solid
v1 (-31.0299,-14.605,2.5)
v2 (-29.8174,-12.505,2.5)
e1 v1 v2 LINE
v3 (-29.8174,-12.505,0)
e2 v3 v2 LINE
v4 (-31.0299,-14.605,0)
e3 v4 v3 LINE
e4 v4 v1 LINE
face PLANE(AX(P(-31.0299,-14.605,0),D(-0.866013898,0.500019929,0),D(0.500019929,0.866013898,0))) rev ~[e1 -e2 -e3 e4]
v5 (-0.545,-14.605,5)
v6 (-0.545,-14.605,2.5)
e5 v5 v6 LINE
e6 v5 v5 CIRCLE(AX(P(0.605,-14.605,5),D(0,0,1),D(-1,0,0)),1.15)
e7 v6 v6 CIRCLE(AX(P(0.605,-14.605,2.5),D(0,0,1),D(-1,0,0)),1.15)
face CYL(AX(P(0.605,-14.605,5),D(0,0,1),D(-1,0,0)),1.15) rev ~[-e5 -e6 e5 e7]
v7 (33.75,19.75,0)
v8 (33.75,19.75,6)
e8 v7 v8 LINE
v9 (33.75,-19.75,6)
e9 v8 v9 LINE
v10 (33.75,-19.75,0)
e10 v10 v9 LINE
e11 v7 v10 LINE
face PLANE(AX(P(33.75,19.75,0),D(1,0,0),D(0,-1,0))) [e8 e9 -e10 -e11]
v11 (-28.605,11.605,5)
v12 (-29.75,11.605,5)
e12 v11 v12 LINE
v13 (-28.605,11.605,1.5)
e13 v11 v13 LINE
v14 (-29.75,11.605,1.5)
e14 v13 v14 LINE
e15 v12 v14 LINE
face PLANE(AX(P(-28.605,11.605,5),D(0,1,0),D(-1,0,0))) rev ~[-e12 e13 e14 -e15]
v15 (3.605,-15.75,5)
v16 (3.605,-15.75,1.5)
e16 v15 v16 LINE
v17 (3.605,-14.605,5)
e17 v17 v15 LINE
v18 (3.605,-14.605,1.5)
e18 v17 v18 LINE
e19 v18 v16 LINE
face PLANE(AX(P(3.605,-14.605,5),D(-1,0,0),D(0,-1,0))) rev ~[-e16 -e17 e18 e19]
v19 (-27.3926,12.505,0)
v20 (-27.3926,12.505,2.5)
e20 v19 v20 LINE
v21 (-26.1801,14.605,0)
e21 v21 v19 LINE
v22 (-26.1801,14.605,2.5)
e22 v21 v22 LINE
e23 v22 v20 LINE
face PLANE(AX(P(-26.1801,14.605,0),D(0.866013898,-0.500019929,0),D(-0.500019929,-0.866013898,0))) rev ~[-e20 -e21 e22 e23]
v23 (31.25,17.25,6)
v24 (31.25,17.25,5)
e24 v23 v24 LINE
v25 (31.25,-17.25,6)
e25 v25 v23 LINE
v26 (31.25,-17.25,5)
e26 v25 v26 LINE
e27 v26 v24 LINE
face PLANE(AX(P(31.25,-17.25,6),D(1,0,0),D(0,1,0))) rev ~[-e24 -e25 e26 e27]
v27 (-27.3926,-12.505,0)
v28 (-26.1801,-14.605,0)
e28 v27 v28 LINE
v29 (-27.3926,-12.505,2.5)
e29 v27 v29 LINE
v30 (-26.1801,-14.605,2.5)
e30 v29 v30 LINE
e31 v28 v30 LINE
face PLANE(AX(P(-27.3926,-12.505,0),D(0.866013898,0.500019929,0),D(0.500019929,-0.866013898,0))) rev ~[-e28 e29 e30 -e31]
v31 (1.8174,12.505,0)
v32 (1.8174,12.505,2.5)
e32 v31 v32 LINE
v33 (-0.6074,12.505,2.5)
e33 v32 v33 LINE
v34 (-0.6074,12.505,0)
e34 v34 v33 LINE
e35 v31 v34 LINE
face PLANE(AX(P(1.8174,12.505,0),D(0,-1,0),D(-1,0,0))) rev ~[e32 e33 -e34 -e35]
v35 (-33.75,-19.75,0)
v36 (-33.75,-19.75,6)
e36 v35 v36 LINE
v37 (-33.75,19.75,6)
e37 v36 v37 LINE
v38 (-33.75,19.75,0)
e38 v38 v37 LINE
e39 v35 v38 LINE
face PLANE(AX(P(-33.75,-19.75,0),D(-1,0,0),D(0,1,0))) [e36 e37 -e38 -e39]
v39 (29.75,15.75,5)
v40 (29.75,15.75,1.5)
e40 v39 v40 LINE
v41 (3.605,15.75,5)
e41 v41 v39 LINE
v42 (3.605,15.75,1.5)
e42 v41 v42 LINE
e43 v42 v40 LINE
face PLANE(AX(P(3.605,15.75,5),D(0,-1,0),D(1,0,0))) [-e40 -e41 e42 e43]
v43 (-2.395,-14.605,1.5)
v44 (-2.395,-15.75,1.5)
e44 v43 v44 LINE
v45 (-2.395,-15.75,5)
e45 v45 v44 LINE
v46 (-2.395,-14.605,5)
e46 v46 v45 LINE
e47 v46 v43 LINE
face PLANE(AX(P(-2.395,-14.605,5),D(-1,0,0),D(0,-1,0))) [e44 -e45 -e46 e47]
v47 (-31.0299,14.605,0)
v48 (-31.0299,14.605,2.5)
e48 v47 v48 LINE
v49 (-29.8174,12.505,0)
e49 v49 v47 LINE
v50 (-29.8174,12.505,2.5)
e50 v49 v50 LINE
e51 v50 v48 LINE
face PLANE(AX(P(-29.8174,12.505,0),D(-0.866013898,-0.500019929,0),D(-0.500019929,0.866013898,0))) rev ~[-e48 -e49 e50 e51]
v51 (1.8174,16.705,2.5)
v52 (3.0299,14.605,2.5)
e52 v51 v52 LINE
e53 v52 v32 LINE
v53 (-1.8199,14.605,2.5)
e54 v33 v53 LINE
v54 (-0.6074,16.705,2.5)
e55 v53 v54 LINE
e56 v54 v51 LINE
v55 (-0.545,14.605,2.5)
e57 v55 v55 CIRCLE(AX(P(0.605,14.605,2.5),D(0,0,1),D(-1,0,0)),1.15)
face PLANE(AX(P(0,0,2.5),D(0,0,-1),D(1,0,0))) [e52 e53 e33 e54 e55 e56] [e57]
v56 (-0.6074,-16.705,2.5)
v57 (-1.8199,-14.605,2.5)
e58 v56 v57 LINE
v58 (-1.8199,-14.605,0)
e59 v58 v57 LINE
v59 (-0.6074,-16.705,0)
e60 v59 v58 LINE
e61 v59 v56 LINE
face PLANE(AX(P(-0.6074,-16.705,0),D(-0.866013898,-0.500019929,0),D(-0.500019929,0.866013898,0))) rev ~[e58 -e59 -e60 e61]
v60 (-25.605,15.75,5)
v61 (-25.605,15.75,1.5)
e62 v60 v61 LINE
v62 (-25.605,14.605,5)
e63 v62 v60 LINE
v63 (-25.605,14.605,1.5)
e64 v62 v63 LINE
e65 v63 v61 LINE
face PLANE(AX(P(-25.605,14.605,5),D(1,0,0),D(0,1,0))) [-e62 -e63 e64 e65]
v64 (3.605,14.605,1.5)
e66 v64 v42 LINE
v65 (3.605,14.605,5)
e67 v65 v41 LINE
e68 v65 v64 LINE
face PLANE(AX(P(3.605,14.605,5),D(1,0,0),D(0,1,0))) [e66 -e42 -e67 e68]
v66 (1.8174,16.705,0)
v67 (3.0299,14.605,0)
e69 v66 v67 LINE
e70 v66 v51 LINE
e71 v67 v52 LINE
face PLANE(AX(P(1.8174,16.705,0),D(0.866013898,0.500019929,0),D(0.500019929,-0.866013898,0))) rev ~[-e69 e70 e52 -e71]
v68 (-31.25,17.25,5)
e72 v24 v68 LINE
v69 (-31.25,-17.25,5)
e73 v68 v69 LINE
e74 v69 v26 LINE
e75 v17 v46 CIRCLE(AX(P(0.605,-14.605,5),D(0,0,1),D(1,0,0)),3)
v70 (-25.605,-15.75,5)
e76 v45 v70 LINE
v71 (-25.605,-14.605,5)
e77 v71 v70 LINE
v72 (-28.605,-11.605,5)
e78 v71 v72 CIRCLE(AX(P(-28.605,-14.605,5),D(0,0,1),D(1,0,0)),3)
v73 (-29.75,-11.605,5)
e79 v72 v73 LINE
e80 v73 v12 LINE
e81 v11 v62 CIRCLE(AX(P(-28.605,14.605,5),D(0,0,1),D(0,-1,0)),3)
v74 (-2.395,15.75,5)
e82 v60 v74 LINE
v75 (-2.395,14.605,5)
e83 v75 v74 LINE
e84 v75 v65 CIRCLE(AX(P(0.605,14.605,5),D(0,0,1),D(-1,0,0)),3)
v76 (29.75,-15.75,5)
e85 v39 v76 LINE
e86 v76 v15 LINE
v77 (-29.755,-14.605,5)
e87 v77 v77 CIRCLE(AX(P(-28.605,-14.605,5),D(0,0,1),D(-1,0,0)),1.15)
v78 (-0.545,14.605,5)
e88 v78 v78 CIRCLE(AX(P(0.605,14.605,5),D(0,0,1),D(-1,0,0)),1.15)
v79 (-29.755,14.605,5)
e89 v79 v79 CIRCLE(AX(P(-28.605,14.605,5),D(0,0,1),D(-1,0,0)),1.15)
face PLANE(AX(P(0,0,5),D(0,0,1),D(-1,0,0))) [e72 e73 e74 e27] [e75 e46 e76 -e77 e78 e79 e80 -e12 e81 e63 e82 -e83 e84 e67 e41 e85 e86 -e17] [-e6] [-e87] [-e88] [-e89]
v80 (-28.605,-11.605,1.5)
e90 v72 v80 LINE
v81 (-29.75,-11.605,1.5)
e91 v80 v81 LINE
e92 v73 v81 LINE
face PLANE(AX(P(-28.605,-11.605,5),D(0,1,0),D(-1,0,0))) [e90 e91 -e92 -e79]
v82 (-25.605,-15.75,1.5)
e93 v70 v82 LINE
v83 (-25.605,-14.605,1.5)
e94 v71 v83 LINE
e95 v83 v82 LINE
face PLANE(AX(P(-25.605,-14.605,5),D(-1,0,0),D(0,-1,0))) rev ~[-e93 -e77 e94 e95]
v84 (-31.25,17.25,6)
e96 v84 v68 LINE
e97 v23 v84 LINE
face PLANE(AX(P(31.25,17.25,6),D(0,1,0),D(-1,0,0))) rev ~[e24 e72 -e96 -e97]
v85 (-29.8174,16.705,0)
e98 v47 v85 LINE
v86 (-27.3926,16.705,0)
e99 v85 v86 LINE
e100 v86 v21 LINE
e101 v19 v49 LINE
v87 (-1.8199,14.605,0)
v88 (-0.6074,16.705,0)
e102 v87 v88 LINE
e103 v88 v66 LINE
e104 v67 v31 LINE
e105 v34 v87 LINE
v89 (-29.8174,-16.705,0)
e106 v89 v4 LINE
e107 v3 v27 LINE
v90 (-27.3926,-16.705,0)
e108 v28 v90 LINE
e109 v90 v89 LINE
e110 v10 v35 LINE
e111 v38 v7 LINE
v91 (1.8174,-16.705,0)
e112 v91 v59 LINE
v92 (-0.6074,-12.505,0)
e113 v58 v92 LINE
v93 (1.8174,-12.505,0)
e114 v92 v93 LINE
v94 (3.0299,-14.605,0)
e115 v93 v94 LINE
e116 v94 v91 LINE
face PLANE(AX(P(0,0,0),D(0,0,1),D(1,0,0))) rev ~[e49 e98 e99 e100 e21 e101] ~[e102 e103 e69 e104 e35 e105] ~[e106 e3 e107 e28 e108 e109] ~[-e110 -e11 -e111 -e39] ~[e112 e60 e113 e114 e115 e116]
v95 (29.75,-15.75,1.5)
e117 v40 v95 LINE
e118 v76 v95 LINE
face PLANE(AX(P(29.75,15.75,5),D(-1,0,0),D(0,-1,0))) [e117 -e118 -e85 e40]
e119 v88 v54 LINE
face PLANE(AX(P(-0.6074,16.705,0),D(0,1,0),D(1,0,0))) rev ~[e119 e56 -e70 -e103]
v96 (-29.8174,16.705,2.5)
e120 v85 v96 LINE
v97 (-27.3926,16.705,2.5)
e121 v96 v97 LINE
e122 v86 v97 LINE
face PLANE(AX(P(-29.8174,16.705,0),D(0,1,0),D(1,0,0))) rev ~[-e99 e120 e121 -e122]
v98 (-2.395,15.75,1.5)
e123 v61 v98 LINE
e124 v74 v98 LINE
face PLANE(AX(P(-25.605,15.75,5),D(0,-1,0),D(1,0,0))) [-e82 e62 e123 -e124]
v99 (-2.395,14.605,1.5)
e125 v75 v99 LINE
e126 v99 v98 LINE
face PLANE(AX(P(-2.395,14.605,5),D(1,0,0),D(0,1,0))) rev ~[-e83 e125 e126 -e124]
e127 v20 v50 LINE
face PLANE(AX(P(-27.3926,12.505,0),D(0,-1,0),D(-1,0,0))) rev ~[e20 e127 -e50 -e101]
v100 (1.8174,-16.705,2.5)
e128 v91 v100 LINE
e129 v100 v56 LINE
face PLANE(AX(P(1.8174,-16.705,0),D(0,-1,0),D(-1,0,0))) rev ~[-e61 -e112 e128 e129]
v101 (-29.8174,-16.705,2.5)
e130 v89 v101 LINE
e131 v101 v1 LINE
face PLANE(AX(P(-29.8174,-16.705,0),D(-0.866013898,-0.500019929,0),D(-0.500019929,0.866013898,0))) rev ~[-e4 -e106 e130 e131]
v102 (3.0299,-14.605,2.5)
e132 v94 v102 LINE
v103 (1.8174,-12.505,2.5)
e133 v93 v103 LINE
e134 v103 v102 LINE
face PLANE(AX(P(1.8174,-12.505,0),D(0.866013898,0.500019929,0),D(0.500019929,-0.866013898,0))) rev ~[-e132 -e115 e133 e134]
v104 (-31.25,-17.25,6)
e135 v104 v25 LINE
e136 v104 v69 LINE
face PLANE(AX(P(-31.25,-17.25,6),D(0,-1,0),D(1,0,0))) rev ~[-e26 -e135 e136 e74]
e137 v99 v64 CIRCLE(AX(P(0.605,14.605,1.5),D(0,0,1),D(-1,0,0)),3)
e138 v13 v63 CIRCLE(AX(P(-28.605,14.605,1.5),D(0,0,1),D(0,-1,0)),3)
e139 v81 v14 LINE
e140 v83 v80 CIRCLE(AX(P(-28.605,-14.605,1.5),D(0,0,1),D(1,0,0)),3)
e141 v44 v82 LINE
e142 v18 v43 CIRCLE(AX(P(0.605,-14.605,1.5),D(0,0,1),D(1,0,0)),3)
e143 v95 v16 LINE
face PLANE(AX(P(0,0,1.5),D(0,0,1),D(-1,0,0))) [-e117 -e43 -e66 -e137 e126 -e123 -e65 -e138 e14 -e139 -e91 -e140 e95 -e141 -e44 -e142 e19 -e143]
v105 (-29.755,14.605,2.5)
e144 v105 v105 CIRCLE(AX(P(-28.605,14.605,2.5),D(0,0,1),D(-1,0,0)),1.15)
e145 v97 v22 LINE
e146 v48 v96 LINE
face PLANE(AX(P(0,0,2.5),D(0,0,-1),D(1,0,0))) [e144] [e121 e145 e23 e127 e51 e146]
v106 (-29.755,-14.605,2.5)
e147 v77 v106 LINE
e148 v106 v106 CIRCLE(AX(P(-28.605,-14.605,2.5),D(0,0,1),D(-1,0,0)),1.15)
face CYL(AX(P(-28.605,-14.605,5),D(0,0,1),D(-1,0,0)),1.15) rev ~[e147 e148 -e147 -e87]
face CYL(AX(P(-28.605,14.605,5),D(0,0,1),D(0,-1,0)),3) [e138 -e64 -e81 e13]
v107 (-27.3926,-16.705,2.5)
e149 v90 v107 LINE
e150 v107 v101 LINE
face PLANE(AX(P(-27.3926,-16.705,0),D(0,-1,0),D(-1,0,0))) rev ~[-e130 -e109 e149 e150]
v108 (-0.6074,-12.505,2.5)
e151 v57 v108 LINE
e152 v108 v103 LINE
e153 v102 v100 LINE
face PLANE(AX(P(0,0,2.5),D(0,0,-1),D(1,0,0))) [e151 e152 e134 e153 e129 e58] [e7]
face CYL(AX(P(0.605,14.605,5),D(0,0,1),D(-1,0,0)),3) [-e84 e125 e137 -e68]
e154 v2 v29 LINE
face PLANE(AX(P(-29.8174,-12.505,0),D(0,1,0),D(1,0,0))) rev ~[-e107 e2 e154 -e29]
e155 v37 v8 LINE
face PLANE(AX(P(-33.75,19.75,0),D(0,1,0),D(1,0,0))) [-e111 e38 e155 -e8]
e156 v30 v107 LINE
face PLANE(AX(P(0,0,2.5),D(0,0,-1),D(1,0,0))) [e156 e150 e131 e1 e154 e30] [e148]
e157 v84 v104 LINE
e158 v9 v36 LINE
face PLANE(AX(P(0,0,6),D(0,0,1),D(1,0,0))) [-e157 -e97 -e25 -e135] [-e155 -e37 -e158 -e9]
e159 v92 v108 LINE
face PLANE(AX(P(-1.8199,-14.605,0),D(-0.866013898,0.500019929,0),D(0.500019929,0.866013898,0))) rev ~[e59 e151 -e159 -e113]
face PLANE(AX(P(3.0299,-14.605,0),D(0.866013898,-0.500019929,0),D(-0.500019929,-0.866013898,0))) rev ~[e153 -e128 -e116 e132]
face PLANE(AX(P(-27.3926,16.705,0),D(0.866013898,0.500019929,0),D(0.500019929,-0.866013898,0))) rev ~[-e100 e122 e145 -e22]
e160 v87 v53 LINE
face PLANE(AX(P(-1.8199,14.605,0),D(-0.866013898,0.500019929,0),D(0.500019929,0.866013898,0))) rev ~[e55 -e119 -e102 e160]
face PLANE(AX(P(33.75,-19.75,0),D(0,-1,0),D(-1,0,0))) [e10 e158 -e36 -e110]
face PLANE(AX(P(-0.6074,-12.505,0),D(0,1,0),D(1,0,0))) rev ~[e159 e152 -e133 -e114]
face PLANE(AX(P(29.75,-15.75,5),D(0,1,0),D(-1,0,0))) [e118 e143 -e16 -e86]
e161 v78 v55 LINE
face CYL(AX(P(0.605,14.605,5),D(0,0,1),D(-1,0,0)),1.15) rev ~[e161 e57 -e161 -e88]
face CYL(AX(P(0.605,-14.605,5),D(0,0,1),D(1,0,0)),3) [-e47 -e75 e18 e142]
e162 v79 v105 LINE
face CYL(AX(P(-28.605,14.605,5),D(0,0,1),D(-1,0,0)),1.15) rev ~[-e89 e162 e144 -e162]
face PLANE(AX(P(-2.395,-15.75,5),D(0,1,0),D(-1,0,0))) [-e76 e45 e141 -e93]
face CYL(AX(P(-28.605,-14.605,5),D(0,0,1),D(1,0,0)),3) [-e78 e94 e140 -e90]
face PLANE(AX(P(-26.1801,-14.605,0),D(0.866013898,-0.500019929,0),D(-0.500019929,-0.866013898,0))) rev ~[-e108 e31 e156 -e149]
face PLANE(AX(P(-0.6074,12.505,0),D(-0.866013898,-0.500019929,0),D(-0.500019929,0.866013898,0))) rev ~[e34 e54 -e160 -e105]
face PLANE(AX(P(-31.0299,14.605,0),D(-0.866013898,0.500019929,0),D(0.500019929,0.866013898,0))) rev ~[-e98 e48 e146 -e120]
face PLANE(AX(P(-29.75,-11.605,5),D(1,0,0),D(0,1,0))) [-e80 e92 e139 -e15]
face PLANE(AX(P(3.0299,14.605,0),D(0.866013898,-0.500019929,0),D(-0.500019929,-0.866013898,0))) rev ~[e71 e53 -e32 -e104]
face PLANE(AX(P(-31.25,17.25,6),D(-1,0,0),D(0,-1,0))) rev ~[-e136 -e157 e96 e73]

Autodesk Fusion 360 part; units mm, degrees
sketch "Skizze1" plane through (0, 0, 0) normal (0, 0, 1) x (1, 0, 0)
  line L0 (33.75, -19.75) -> (-33.75, -19.75)
  line L1 (-33.75, -19.75) -> (-33.75, 19.75)
  line L2 (-33.75, 19.75) -> (33.75, 19.75)
  line L3 (33.75, 19.75) -> (33.75, -19.75)
  line L4 (33.75, -19.75) -> (-33.75, 19.75) construction
  line L5 (-33.75, -19.75) -> (33.75, 19.75) construction
  dimension "d1" = 67.5
  dimension "d2" = 39.5
extrude "Extrusion1" add sketch "Skizze1" along normal blind 6
sketch "Skizze2" plane through (0, 0, 6) normal (0, 0, 1) x (-1, 0, 0)
  line L0 (-33.75, -19.75) -> (33.75, -19.75)
  line L1 (33.75, -19.75) -> (33.75, 19.75)
  line L2 (33.75, 19.75) -> (-33.75, 19.75)
  line L3 (-33.75, 19.75) -> (-33.75, -19.75)
  line L4 (31.25, 17.25) -> (-31.25, 17.25)
  line L5 (-31.25, 17.25) -> (-31.25, -17.25)
  line L6 (-31.25, -17.25) -> (31.25, -17.25)
  line L7 (31.25, -17.25) -> (31.25, 17.25)
  line L8 (31.25, 17.25) -> (-31.25, -17.25) construction
  line L9 (-31.25, 17.25) -> (31.25, -17.25) construction
  dimension "d5" = 34.5
  dimension "d6" = 62.5
extrude "Extrusion2" cut sketch "Skizze2" against normal blind 1 contours L4 L5 L6 L7
sketch "Skizze3" plane through (0, 0, 5) normal (0, 0, 1) x (-1, 0, 0)
  line L0 (31.25, -17.25) -> (31.25, 17.25)
  line L1 (31.25, 17.25) -> (-31.25, 17.25)
  line L2 (-31.25, 17.25) -> (-31.25, -17.25)
  line L3 (-31.25, -17.25) -> (31.25, -17.25)
  line L4 (29.75, -15.75) -> (-29.75, -15.75)
  line L5 (-29.75, -15.75) -> (-29.75, 15.75)
  line L6 (-29.75, 15.75) -> (29.75, 15.75)
  line L7 (29.75, 15.75) -> (29.75, -15.75)
  line L8 (29.75, -15.75) -> (-29.75, 15.75) construction
  line L9 (-29.75, -15.75) -> (29.75, 15.75) construction
  line L10 (28.605, -14.605) -> (-0.605, -14.605) construction
  line L11 (-0.605, -14.605) -> (-0.605, 14.605) construction
  line L12 (-0.605, 14.605) -> (28.605, 14.605) construction
  line L13 (28.605, 14.605) -> (28.605, -14.605) construction
  line L14 (31.25, -17.25) -> (28.605, -14.605) construction
  line L15 (31.25, 17.25) -> (28.605, 14.605) construction
  line L16 (28.605, -11.605) -> (29.75, -11.605)
  line L17 (25.605, -14.605) -> (25.605, -15.75)
  line L18 (28.605, 11.605) -> (29.75, 11.605)
  line L19 (25.605, 14.605) -> (25.605, 15.75)
  arc A0 (28.605, -11.605) -> (25.605, -14.605) centre (28.605, -14.605) ccw
  arc A1 (25.605, 14.605) -> (28.605, 11.605) centre (28.605, 14.605) ccw
  line L20 (2.395, 14.605) -> (2.395, 15.75)
  line L21 (-3.605, 14.605) -> (-3.605, 15.75)
  line L22 (2.395, -14.605) -> (2.395, -15.75)
  line L23 (-3.605, -14.605) -> (-3.605, -15.75)
  arc A2 (2.395, -14.605) -> (-3.605, -14.605) centre (-0.605, -14.605) ccw
  arc A3 (-3.605, 14.605) -> (2.395, 14.605) centre (-0.605, 14.605) ccw
  dimension "d9" = 1.5
  dimension "d10" = 1.5
  dimension "d13" = 29.21
  dimension "d14" = 29.21
  dimension "d15" = 6
extrude "Extrusion3" cut sketch "Skizze3" against normal up to surface (3.5 mm away) contours L4 L5 L6 L7 L16 L17 L18 L19 A0 A1 L20 L21 L22 L23 A2 A3
sketch "Skizze4" plane through (0, 0, 5) normal (0, 0, 1) x (-1, 0, 0)
  line L0 (2.395, 14.605) -> (2.395, 15.75)
  line L1 (2.395, 15.75) -> (25.605, 15.75)
  line L2 (25.605, 15.75) -> (25.605, 14.605)
  arc A0 (25.605, 14.605) -> (28.605, 11.605) centre (28.605, 14.605) ccw
  line L3 (28.605, 11.605) -> (29.75, 11.605)
  line L4 (29.75, 11.605) -> (29.75, -11.605)
  line L5 (29.75, -11.605) -> (28.605, -11.605)
  arc A1 (28.605, -11.605) -> (25.605, -14.605) centre (28.605, -14.605) ccw
  line L6 (25.605, -14.605) -> (25.605, -15.75)
  line L7 (25.605, -15.75) -> (2.395, -15.75)
  line L8 (2.395, -15.75) -> (2.395, -14.605)
  arc A2 (2.395, -14.605) -> (-3.605, -14.605) centre (-0.605, -14.605) ccw
  line L9 (-3.605, -14.605) -> (-3.605, -15.75)
  line L10 (-3.605, -15.75) -> (-29.75, -15.75)
  line L11 (-29.75, -15.75) -> (-29.75, 15.75)
  line L12 (-29.75, 15.75) -> (-3.605, 15.75)
  line L13 (-3.605, 15.75) -> (-3.605, 14.605)
  arc A3 (-3.605, 14.605) -> (2.395, 14.605) centre (-0.605, 14.605) ccw
  line L14 (31.25, -17.25) -> (31.25, 17.25)
  line L15 (31.25, 17.25) -> (-31.25, 17.25)
  line L16 (-31.25, 17.25) -> (-31.25, -17.25)
  line L17 (-31.25, -17.25) -> (31.25, -17.25)
  circle A4 centre (28.605, -14.605) radius 1.15
  circle A5 centre (-0.605, -14.605) radius 1.15
  circle A6 centre (28.605, 14.605) radius 1.15
  circle A7 centre (-0.605, 14.605) radius 1.15
  dimension "d16" = 2.3
extrude "Extrusion4" cut sketch "Skizze4" against normal through all contours A4 | A5 | A6 | A7
sketch "Skizze5" plane through (0, 0, 0) normal (0, 0, -1) x (1, 0, 0)
  circle A0 centre (0.605, -14.605) radius 1.15
  circle A1 centre (-28.605, 14.605) radius 1.15
  circle A2 centre (-28.605, -14.605) radius 1.15
  circle A3 centre (0.605, 14.605) radius 1.15
  line L0 (-33.75, -19.75) -> (33.75, -19.75)
  line L1 (33.75, -19.75) -> (33.75, 19.75)
  line L2 (33.75, 19.75) -> (-33.75, 19.75)
  line L3 (-33.75, 19.75) -> (-33.75, -19.75)
  line L4 (-27.3926, 12.505) -> (-26.1801, 14.605)
  line L5 (-26.1801, 14.605) -> (-27.3926, 16.705)
  line L6 (-27.3926, 16.705) -> (-29.8174, 16.705)
  line L7 (-29.8174, 16.705) -> (-31.0299, 14.605)
  line L8 (-31.0299, 14.605) -> (-29.8174, 12.505)
  line L9 (-29.8174, 12.505) -> (-27.3926, 12.505)
  circle A4 centre (-28.605, 14.605) radius 1.15
  line L10 (-29.8174, -12.505) -> (-31.0299, -14.605)
  line L11 (-31.0299, -14.605) -> (-29.8174, -16.705)
  line L12 (-29.8174, -16.705) -> (-27.3926, -16.705)
  line L13 (-27.3926, -16.705) -> (-26.1801, -14.605)
  line L14 (-26.1801, -14.605) -> (-27.3926, -12.505)
  line L15 (-27.3926, -12.505) -> (-29.8174, -12.505)
  line L16 (1.8174, 12.505) -> (3.0299, 14.605)
  line L17 (3.0299, 14.605) -> (1.8174, 16.705)
  line L18 (1.8174, 16.705) -> (-0.6074, 16.705)
  line L19 (-0.6074, 16.705) -> (-1.8199, 14.605)
  line L20 (-1.8199, 14.605) -> (-0.6074, 12.505)
  line L21 (-0.6074, 12.505) -> (1.8174, 12.505)
  line L22 (-0.6074, -12.505) -> (-1.8199, -14.605)
  line L23 (-1.8199, -14.605) -> (-0.6074, -16.705)
  line L24 (-0.6074, -16.705) -> (1.8174, -16.705)
  line L25 (1.8174, -16.705) -> (3.0299, -14.605)
  line L26 (3.0299, -14.605) -> (1.8174, -12.505)
  line L27 (1.8174, -12.505) -> (-0.6074, -12.505)
  circle A5 centre (0.605, -14.605) radius 1.15
  point P0 (-28.605, 14.605)
  point P1 (-28.605, -14.605)
  point P2 (0.605, 14.605)
  point P3 (0.605, -14.605)
  dimension "d18" = 4.2
extrude "Extrusion5" cut sketch "Skizze5" against normal blind 2.5 contours L4 L5 L6 L7 L8 L9 | L10 L11 L12 L13 L14 L15 | L16 L17 L18 L19 L20 L21 | L22 L23 L24 L25 L26 L27
equation "d10 = d9"
